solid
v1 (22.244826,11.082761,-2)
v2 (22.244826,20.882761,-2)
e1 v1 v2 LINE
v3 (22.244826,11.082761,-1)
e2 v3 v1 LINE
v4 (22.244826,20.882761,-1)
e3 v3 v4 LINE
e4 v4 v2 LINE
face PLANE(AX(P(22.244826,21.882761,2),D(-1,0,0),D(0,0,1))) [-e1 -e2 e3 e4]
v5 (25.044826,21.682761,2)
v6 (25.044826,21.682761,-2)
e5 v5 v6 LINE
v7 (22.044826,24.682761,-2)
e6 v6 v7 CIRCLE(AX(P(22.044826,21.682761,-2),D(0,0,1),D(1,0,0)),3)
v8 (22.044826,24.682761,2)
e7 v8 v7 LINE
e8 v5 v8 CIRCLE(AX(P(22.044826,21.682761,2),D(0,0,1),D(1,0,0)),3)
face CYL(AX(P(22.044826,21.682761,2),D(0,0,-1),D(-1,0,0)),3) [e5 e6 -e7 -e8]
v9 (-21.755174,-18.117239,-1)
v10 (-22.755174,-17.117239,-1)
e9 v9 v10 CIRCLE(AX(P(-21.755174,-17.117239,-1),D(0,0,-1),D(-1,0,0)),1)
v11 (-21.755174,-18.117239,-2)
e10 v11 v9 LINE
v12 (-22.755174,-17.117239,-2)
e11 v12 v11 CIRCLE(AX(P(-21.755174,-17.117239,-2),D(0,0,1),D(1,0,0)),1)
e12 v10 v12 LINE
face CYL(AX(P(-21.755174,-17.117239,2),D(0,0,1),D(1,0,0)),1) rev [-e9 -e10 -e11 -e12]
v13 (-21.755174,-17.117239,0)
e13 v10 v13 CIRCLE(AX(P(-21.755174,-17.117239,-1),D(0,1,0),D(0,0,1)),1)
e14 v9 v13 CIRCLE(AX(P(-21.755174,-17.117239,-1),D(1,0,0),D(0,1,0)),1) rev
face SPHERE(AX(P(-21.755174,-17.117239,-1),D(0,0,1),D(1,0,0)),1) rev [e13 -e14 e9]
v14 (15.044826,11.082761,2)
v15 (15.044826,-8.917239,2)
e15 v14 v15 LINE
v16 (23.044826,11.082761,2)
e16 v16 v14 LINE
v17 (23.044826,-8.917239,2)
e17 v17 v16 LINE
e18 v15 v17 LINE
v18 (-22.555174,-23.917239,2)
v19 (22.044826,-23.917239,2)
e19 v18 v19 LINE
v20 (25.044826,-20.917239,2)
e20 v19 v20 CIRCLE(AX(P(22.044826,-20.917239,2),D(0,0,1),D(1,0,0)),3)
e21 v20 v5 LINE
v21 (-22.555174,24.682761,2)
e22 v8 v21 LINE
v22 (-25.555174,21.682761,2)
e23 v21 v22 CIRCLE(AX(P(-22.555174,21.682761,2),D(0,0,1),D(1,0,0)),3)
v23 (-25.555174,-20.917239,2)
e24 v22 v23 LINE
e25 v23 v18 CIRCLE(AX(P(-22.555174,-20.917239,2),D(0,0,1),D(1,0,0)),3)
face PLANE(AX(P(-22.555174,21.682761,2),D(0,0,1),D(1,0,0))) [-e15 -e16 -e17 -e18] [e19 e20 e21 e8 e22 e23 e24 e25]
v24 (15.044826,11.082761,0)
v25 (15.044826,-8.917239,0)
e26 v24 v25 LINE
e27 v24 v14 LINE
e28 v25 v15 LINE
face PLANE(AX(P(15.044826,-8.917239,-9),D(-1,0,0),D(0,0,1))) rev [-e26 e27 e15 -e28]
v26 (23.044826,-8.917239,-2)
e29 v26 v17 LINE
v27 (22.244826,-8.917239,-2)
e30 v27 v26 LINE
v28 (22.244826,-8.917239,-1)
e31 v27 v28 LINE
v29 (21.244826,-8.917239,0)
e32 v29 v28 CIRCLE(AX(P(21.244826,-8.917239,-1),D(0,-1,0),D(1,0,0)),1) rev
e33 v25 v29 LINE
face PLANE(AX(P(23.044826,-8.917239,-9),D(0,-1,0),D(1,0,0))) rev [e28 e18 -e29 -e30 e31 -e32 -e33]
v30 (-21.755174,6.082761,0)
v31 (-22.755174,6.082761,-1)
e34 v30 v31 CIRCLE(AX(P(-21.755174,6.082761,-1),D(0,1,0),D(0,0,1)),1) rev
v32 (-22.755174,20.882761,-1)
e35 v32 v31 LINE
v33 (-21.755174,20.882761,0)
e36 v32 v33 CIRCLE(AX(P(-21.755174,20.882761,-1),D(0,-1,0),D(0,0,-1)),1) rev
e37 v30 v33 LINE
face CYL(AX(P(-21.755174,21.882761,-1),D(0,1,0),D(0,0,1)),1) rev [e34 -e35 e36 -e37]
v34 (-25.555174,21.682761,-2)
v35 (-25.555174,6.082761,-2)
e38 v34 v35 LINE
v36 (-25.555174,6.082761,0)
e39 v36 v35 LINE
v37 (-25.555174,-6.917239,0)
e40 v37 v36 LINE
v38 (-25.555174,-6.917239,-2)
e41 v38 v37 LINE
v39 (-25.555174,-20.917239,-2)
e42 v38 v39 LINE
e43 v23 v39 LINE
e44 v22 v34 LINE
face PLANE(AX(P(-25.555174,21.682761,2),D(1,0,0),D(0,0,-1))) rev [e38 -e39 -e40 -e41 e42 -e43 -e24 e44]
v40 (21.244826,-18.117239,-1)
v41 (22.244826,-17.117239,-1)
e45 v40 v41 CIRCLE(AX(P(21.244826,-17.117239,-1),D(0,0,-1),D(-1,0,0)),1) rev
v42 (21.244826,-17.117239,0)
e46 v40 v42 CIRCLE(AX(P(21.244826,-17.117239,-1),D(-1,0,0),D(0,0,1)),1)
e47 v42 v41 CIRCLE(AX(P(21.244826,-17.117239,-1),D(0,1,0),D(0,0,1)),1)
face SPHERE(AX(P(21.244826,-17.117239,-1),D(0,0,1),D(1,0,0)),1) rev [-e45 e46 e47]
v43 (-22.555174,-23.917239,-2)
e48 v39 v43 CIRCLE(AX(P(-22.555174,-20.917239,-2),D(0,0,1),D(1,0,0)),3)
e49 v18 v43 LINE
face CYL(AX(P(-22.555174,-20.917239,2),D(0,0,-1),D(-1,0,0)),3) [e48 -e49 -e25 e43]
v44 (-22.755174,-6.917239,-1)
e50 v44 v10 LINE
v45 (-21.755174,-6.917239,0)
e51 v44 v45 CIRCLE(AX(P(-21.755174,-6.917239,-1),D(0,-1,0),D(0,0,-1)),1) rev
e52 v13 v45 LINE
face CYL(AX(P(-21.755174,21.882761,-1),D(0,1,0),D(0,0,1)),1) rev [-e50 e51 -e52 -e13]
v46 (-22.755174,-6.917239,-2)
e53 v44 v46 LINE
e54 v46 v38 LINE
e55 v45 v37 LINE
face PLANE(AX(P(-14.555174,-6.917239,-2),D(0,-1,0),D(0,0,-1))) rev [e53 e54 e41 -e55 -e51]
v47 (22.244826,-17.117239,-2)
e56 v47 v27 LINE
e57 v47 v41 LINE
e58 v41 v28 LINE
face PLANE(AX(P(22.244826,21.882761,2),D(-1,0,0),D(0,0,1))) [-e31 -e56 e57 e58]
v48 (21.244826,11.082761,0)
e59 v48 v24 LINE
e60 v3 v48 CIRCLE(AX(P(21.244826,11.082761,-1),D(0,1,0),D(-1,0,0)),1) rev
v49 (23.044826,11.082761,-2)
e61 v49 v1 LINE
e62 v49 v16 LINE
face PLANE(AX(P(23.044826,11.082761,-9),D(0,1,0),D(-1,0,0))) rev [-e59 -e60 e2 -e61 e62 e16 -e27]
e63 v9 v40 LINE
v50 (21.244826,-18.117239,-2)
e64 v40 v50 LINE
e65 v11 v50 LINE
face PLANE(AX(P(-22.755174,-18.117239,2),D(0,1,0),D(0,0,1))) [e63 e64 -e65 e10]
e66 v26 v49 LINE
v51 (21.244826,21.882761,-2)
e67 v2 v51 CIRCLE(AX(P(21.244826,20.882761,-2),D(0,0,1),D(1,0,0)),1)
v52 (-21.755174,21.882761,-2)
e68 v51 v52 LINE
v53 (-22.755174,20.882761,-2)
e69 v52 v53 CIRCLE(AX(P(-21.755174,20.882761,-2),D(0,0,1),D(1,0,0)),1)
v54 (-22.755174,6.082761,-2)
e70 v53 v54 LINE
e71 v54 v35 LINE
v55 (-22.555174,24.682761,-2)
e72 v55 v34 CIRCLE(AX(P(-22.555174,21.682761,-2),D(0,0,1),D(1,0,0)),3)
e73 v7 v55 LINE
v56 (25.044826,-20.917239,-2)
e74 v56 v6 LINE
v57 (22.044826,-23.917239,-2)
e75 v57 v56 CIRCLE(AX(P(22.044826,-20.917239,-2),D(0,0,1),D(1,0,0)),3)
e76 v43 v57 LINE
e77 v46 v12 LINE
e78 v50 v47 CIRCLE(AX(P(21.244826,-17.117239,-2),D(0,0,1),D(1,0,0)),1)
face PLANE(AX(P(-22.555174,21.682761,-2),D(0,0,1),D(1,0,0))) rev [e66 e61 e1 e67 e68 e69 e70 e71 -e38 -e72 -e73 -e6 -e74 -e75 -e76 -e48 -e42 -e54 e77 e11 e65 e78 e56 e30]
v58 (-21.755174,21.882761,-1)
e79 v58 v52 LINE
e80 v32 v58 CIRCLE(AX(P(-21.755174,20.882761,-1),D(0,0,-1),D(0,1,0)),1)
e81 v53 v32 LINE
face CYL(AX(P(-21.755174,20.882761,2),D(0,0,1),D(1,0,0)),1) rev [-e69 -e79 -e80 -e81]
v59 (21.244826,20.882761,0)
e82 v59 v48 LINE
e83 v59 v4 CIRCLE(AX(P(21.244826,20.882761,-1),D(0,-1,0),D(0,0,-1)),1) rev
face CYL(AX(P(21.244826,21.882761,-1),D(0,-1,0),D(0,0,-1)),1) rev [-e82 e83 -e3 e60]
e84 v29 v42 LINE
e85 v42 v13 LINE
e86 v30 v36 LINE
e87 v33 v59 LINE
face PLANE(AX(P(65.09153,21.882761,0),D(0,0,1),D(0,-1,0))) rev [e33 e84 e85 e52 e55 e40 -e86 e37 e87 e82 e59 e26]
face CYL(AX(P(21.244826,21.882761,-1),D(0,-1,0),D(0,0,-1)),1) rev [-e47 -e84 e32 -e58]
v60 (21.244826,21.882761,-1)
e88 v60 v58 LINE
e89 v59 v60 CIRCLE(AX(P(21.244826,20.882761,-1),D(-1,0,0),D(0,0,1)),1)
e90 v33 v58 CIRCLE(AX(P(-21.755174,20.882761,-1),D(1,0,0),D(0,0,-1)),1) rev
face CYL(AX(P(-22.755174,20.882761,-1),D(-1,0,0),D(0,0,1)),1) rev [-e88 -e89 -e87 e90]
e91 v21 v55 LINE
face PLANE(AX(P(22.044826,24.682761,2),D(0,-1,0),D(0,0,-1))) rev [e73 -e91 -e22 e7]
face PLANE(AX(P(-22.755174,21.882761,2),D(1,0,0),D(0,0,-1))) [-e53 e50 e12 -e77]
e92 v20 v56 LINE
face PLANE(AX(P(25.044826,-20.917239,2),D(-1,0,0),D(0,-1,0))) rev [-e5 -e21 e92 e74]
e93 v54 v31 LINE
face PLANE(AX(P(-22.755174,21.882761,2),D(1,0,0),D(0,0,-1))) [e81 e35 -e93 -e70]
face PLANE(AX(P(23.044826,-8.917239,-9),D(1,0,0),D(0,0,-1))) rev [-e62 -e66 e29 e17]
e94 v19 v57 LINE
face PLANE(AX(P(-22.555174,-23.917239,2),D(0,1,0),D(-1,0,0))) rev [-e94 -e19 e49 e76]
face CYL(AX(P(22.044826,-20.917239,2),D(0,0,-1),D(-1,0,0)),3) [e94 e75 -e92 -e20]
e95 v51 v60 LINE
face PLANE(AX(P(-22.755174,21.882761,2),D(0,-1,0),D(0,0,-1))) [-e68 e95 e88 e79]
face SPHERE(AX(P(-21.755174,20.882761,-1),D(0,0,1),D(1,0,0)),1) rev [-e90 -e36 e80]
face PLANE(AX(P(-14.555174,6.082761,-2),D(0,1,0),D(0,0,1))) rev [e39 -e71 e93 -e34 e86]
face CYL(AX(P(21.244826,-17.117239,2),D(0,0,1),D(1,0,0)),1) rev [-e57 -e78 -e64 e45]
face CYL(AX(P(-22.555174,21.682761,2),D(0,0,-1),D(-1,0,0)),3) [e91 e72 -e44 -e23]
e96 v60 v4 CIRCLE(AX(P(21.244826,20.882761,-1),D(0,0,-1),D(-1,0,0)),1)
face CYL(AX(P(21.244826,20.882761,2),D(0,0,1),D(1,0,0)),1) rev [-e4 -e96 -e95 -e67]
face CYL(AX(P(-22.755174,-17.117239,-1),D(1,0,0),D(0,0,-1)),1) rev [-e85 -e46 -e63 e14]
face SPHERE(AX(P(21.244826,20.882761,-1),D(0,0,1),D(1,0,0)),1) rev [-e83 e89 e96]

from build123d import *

# Parameters (mm, degrees)
SKETCH1_W           = 45
SKETCH1_H           = 40
BOSS_EXTRUDE1_DEPTH = 2
SKETCH2_W           = 2
SKETCH2_H           = 42.8
BOSS_EXTRUDE2_DEPTH = 45
FILLET1_R           = 1
SKETCH3_W           = 2
SKETCH3_H           = 13
CUT_EXTRUDE1_DEPTH  = 11
SKETCH4_W           = 8
SKETCH4_H           = 20
CUT_EXTRUDE2_DEPTH  = 11


with BuildPart() as part:
    # Sketch1 → Boss-Extrude1 (new, symmetric)
    with BuildSketch(Plane.XY):
        with BuildLine():
            Line((-22.555173768, -23.917239348), (22.044826232, -23.917239348))
            ThreePointArc((22.044826232, -23.917239348), (24.166146575, -23.038559691), (25.044826232, -20.917239348))
            Line((25.044826232, -20.917239348), (25.044826232, 21.682760652))
            ThreePointArc((25.044826232, 21.682760652), (24.166146575, 23.804080996), (22.044826232, 24.682760652))
            Line((22.044826232, 24.682760652), (-22.555173768, 24.682760652))
            ThreePointArc((-22.555173768, 24.682760652), (-24.676494112, 23.804080996), (-25.555173768, 21.682760652))
            Line((-25.555173768, 21.682760652), (-25.555173768, -20.917239348))
            ThreePointArc((-25.555173768, -20.917239348), (-24.676494112, -23.038559691), (-22.555173768, -23.917239348))
        make_face()
        with Locations((-0.255173768, 1.882760652)):
            Rectangle(SKETCH1_W, SKETCH1_H, mode=Mode.SUBTRACT)
    extrude(amount=BOSS_EXTRUDE1_DEPTH, both=True)

    # Sketch2 → Boss-Extrude2 (add)
    with BuildSketch(Plane(origin=(-22.755173768, 0, 0), x_dir=(0, 0, -1), z_dir=(1, 0, 0))):
        with Locations((-1, 0.482760652)):
            Rectangle(SKETCH2_W, SKETCH2_H)
    extrude(amount=BOSS_EXTRUDE2_DEPTH)

    # Fillet1
    fillet1_edges = [part.edges().sort_by_distance(p)[0] for p in [
        (22.244826232, 21.882760652, -1),
        (-22.755173768, 21.882760652, -1),
        (22.244826232, -18.117239348, -1),
        (-22.755173768, -18.117239348, -1),
        (-0.255173768, -18.117239348, 0),
        (-0.255173768, 21.882760652, 0),
        (-22.755173768, 1.882760652, 0),
        (22.244826232, 1.882760652, 0),
    ]]
    fillet(fillet1_edges, radius=FILLET1_R)

    # Sketch3 → Cut-Extrude1 (cut)
    with BuildSketch(Plane.ZY.offset(25.555173768)):
        with Locations((-1, -0.417239348)):
            Rectangle(SKETCH3_W, SKETCH3_H)
    extrude(amount=-CUT_EXTRUDE1_DEPTH, mode=Mode.SUBTRACT)

    # Sketch4 → Cut-Extrude2 (cut)
    with BuildSketch(Plane.XY.offset(2)):
        with Locations((19.044826232, 1.082760652)):
            Rectangle(SKETCH4_W, SKETCH4_H)
    extrude(amount=-CUT_EXTRUDE2_DEPTH, mode=Mode.SUBTRACT)


solid = part.part
